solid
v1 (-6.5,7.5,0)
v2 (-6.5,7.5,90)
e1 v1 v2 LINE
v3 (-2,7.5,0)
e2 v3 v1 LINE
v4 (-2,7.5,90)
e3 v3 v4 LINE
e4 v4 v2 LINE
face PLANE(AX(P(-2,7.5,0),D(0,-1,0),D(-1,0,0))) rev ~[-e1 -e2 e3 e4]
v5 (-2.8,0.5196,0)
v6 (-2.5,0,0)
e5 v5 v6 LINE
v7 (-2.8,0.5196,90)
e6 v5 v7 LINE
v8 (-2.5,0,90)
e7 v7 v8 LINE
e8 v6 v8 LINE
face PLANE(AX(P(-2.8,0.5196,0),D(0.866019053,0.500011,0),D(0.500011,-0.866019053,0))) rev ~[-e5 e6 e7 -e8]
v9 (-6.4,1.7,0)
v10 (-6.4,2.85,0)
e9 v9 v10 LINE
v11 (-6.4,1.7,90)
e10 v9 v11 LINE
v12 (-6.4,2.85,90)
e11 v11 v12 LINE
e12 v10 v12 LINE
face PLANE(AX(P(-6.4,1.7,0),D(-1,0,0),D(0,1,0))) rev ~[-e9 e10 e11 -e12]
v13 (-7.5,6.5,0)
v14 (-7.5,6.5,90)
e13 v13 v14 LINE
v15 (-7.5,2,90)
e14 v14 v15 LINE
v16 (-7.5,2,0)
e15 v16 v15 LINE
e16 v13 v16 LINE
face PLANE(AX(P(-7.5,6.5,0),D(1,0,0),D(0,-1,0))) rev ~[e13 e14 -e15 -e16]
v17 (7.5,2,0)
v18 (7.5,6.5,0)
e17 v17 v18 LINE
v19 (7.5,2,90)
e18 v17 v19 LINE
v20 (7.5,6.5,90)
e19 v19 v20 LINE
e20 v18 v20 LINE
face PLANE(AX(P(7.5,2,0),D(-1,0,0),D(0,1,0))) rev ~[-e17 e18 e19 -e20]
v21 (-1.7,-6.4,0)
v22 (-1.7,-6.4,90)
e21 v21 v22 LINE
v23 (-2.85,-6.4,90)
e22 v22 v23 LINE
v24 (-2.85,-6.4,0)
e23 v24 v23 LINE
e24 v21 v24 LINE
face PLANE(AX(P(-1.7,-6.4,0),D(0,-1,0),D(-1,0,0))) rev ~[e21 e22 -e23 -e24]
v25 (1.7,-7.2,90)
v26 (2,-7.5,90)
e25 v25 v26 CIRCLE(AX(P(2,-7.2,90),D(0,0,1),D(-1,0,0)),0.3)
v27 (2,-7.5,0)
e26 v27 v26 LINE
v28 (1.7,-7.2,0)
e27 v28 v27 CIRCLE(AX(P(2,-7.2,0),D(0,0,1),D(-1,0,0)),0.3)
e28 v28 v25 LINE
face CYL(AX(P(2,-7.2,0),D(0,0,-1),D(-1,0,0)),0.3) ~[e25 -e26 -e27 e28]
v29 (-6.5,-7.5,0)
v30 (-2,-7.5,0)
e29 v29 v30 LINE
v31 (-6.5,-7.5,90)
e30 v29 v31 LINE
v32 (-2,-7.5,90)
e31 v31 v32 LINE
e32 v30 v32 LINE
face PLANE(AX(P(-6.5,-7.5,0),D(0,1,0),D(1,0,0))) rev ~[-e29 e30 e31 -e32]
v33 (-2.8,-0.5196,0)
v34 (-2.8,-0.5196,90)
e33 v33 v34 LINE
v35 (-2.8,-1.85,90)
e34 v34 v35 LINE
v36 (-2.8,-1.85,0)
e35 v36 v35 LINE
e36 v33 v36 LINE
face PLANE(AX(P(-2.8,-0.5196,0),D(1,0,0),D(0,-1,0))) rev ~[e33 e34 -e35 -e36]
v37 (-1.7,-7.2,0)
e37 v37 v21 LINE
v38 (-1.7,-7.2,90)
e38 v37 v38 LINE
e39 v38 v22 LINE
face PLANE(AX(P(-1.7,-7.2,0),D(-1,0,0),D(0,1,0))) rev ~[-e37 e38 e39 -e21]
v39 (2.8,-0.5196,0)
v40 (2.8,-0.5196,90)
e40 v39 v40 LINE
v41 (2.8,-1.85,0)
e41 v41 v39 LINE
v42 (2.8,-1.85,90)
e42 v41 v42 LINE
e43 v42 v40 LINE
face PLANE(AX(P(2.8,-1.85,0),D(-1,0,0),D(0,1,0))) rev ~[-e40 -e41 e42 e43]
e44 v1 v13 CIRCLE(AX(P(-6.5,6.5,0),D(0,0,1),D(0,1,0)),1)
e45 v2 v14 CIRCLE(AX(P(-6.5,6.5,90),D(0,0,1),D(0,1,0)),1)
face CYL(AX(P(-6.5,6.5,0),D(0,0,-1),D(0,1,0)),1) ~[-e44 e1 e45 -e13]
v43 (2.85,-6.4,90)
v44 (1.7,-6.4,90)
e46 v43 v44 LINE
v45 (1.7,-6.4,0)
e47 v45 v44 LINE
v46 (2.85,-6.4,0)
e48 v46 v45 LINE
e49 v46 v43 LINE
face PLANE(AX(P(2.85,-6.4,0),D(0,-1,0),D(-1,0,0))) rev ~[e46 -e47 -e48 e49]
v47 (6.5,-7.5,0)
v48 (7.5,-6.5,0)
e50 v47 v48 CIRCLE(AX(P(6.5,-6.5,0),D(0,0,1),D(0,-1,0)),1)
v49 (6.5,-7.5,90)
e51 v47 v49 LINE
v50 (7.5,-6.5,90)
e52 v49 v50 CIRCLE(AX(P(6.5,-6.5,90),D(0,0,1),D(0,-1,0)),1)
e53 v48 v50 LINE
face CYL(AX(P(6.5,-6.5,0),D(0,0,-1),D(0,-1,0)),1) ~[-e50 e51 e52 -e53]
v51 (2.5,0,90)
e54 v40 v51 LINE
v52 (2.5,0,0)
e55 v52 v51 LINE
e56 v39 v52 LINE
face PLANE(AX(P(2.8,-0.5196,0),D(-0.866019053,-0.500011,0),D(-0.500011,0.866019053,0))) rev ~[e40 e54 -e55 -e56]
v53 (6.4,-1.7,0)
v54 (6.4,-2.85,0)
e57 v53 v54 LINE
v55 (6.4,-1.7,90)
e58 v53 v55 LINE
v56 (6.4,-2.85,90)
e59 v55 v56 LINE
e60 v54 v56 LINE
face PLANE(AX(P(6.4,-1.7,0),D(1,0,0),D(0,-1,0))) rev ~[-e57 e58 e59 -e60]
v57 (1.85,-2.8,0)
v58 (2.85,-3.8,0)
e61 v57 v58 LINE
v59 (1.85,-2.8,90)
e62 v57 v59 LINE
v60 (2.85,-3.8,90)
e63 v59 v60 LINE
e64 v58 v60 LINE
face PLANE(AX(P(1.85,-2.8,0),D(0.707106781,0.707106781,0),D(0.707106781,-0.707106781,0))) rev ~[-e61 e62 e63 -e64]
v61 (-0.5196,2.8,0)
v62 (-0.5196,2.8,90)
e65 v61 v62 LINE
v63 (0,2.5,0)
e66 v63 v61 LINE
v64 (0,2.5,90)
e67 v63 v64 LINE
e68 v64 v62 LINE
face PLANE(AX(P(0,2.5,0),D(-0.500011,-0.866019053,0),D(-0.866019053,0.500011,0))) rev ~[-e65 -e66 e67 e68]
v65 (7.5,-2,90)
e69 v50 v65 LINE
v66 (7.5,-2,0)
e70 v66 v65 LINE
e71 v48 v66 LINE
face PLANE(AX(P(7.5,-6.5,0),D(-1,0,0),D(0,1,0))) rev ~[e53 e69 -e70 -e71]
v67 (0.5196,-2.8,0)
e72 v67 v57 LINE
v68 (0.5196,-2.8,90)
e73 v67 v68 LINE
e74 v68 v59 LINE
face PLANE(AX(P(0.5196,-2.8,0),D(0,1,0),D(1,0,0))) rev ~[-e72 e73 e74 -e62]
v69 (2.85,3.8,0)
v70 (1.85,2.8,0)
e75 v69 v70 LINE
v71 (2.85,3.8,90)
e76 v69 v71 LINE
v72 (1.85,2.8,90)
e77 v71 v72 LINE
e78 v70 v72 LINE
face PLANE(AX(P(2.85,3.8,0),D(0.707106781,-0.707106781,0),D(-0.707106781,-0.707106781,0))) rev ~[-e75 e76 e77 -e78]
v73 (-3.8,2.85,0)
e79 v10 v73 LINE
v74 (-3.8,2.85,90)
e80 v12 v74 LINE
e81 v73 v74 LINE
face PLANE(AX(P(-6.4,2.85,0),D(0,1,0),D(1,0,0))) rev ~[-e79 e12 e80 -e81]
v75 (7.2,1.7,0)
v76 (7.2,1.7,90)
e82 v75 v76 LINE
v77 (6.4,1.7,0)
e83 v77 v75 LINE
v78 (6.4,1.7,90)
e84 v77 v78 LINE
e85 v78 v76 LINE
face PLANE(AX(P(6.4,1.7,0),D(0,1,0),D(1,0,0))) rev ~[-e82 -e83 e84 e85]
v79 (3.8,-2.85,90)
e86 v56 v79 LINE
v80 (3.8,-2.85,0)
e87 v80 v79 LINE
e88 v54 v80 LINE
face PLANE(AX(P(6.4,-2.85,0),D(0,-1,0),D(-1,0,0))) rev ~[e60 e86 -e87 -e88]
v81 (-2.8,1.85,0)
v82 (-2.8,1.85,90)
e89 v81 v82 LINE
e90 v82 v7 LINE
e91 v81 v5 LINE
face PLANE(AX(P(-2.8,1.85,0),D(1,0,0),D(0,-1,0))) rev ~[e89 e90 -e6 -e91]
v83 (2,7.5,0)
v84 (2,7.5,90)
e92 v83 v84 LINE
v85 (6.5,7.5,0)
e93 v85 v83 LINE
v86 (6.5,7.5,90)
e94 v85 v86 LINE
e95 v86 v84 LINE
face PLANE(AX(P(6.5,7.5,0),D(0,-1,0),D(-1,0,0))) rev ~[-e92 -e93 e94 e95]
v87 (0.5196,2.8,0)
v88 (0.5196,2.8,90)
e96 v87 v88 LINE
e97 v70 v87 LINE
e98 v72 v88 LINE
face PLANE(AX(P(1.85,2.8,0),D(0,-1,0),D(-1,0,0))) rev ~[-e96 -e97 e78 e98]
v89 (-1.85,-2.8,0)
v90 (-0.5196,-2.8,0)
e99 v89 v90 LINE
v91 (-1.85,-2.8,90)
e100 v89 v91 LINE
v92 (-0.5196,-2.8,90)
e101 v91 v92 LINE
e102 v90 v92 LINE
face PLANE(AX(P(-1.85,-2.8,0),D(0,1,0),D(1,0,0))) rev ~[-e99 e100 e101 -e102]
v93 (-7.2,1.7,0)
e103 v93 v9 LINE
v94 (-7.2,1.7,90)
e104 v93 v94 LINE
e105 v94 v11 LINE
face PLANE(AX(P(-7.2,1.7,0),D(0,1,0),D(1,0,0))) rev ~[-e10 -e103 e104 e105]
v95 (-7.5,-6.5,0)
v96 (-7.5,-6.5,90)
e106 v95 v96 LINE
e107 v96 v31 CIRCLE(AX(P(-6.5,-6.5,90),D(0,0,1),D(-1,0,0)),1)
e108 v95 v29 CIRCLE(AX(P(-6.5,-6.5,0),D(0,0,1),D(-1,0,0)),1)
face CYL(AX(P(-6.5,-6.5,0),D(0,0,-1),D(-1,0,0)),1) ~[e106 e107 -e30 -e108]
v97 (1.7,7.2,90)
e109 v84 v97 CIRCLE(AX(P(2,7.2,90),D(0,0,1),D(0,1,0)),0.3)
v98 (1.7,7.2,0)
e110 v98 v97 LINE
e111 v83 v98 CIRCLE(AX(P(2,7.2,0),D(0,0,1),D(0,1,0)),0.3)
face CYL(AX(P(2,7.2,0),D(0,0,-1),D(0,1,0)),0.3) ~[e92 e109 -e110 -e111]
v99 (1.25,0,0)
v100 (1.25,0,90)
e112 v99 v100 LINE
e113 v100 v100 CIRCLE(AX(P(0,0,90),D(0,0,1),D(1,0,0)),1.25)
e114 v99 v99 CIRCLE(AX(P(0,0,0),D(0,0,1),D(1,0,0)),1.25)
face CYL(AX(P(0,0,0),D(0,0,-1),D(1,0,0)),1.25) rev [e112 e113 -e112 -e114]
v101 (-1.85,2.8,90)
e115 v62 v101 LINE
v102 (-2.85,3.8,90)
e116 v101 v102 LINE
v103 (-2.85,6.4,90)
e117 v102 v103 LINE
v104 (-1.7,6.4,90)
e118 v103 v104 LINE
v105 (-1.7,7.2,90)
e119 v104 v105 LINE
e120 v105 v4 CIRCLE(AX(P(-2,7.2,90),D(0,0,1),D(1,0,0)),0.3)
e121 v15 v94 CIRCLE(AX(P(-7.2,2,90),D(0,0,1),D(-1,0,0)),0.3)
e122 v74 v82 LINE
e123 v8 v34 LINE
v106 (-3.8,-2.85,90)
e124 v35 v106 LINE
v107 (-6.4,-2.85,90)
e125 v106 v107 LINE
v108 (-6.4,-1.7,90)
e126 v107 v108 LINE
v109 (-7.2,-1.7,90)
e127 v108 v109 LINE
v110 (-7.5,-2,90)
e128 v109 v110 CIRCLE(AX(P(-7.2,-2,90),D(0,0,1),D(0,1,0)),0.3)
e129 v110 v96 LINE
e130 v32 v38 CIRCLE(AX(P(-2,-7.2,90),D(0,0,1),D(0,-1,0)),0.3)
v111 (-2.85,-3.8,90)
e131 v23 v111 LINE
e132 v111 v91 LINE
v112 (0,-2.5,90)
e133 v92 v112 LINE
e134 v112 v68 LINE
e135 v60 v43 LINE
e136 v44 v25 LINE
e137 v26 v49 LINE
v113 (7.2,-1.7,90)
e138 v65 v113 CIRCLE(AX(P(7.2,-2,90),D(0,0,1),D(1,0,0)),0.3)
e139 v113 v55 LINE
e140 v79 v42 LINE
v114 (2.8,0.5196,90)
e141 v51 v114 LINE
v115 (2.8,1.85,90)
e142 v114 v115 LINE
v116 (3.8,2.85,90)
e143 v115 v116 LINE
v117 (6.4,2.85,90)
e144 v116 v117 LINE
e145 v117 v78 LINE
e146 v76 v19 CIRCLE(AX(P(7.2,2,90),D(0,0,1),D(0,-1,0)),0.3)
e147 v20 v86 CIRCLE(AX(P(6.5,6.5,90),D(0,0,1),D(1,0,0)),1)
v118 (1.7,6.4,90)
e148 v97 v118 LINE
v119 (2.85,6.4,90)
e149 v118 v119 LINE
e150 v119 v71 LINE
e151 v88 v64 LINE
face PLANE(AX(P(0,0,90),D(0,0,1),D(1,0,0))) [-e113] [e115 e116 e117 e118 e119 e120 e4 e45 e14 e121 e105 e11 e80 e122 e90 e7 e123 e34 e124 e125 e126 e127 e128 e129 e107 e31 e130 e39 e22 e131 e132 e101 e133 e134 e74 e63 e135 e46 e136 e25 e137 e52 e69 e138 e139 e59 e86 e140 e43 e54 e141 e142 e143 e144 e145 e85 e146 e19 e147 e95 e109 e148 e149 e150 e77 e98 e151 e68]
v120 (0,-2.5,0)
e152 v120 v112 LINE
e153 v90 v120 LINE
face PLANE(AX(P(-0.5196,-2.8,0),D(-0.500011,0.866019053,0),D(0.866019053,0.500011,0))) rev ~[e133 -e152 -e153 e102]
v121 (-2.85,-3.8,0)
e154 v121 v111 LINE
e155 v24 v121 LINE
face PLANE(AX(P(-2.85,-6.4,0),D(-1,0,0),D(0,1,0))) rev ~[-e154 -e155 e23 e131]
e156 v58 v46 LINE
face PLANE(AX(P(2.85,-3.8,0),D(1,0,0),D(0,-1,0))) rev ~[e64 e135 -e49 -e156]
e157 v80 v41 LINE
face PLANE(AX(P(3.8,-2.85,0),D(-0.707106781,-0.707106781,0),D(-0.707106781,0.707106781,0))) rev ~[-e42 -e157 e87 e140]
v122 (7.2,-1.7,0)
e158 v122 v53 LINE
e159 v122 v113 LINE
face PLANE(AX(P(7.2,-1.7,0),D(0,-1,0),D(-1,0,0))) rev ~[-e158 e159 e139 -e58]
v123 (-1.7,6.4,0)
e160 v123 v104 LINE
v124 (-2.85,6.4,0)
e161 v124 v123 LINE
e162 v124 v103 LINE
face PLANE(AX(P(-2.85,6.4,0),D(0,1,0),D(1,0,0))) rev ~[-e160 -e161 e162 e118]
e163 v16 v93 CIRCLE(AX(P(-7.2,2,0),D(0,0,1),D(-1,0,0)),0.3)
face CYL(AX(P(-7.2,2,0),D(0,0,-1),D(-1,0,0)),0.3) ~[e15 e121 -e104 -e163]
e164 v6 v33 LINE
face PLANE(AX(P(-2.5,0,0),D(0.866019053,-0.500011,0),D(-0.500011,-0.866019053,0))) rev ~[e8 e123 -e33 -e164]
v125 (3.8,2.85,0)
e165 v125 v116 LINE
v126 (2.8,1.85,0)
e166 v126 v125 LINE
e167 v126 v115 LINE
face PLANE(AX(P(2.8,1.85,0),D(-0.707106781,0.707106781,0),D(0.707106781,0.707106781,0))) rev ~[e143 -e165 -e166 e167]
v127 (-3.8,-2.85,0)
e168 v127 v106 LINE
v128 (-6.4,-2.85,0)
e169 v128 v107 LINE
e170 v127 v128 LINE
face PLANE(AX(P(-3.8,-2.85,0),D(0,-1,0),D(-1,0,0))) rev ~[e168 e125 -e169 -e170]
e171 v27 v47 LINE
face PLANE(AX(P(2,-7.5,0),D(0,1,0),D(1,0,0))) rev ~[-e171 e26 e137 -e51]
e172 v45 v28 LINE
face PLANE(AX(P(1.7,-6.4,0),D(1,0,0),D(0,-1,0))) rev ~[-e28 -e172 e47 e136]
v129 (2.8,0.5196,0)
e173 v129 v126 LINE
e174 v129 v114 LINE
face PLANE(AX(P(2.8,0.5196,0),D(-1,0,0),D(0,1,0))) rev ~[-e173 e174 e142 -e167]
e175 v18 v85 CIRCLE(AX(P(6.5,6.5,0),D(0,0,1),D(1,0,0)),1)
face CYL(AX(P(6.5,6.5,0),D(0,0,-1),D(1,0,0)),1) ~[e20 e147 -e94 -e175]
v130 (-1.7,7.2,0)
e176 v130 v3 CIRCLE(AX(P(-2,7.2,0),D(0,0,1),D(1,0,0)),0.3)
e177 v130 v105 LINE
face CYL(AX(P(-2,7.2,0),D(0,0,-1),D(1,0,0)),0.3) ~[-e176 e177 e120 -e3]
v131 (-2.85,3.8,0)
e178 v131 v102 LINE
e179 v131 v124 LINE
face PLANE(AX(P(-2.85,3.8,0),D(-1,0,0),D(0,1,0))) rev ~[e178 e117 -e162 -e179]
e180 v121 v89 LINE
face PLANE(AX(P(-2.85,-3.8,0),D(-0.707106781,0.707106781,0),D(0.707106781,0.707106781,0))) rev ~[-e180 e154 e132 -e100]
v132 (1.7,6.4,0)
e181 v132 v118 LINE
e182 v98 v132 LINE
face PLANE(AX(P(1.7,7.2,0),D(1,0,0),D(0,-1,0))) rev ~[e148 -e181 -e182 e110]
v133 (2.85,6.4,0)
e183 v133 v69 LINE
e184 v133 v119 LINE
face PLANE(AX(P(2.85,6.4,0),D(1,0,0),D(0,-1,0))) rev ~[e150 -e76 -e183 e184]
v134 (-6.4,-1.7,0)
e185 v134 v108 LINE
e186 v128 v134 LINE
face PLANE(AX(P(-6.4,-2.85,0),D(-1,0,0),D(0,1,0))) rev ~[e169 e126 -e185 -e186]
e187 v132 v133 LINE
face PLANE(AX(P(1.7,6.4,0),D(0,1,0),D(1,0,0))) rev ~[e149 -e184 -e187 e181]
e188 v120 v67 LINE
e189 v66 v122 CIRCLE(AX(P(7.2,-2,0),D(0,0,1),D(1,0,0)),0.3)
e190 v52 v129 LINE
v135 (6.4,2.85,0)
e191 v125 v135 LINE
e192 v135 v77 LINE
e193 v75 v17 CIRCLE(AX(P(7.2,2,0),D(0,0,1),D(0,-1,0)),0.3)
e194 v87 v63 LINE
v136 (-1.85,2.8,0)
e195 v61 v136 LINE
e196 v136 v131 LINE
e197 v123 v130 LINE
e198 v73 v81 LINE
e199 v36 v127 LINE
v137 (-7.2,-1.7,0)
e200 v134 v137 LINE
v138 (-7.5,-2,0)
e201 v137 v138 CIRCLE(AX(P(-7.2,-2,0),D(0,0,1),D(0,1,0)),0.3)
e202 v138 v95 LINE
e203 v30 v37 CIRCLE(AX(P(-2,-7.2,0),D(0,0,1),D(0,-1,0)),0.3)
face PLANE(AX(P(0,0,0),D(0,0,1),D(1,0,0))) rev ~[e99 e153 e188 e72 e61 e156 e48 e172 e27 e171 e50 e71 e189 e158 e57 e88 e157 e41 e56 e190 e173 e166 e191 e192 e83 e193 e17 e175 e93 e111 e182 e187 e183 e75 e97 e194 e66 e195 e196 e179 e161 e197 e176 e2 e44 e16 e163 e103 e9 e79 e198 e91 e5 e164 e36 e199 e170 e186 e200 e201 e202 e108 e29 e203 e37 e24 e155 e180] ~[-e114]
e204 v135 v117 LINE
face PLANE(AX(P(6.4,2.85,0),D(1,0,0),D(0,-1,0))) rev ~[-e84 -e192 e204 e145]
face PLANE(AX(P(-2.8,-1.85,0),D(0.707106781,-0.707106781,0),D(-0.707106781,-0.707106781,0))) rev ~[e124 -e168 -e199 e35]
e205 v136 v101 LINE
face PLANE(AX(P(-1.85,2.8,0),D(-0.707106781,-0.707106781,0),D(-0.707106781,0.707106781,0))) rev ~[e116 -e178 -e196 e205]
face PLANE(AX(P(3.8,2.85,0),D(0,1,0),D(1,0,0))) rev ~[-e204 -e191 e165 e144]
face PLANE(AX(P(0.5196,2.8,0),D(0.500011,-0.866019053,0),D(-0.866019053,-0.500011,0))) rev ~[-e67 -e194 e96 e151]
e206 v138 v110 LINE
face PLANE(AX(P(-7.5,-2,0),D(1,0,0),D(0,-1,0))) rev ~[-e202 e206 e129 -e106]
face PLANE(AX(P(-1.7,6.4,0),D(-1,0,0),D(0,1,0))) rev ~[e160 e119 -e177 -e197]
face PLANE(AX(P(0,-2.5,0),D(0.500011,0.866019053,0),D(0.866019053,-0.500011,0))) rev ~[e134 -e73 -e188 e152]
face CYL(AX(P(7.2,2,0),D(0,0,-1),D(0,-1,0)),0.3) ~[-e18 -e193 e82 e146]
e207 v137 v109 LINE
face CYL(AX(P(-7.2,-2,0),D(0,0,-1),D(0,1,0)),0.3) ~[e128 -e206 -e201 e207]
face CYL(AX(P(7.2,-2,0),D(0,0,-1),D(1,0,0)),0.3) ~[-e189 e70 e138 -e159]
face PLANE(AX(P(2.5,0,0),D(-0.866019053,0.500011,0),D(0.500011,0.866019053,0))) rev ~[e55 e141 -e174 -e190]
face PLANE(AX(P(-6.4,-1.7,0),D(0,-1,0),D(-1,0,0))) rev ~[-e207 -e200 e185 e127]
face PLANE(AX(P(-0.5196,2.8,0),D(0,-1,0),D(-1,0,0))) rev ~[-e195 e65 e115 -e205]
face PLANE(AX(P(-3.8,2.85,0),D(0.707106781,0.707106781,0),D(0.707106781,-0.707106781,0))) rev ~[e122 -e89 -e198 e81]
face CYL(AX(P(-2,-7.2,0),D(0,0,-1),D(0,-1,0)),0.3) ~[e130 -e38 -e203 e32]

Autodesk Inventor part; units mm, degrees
ref_plane "YZ Plane" through (0, 0, 0) normal (1, 0, 0) x (0, 1, 0)
ref_plane "XZ Plane" through (0, 0, 0) normal (0, 1, 0) x (-1, 0, 0)
ref_plane "XY Plane" through (0, 0, 0) normal (0, 0, 1) x (1, 0, 0)
sketch "Sketch_1" plane through (0, 0, 0) normal (0, 0, 1) x (1, 0, 0)
  line L0 (-7.5, 6.5) -> (-7.5, 2)
  arc A0 (-7.5, 2) -> (-7.2, 1.7) centre (-7.2, 2) ccw
  line L1 (-7.2, 1.7) -> (-6.4, 1.7)
  line L2 (-6.4, 1.7) -> (-6.4, 2.85)
  line L3 (-6.4, 2.85) -> (-3.8, 2.85)
  line L4 (-3.8, 2.85) -> (-2.8, 1.85)
  line L5 (-2.8, 1.85) -> (-2.8, 0.5196)
  line L6 (-2.8, 0.5196) -> (-2.5, 0)
  line L7 (-2.5, 0) -> (-2.8, -0.5196)
  line L8 (-2.8, -0.5196) -> (-2.8, -1.85)
  line L9 (-2.8, -1.85) -> (-3.8, -2.85)
  line L10 (-3.8, -2.85) -> (-6.4, -2.85)
  line L11 (-6.4, -2.85) -> (-6.4, -1.7)
  line L12 (-6.4, -1.7) -> (-7.2, -1.7)
  arc A1 (-7.2, -1.7) -> (-7.5, -2) centre (-7.2, -2) ccw
  line L13 (-7.5, -2) -> (-7.5, -6.5)
  arc A2 (-7.5, -6.5) -> (-6.5, -7.5) centre (-6.5, -6.5) ccw
  line L14 (-6.5, -7.5) -> (-2, -7.5)
  arc A3 (-2, -7.5) -> (-1.7, -7.2) centre (-2, -7.2) ccw
  line L15 (-1.7, -7.2) -> (-1.7, -6.4)
  line L16 (-1.7, -6.4) -> (-2.85, -6.4)
  line L17 (-2.85, -6.4) -> (-2.85, -3.8)
  line L18 (-2.85, -3.8) -> (-1.85, -2.8)
  line L19 (-1.85, -2.8) -> (-0.5196, -2.8)
  line L20 (-0.5196, -2.8) -> (0, -2.5)
  line L21 (0, -2.5) -> (0.5196, -2.8)
  line L22 (0.5196, -2.8) -> (1.85, -2.8)
  line L23 (1.85, -2.8) -> (2.85, -3.8)
  line L24 (2.85, -3.8) -> (2.85, -6.4)
  line L25 (2.85, -6.4) -> (1.7, -6.4)
  line L26 (1.7, -6.4) -> (1.7, -7.2)
  arc A4 (1.7, -7.2) -> (2, -7.5) centre (2, -7.2) ccw
  line L27 (2, -7.5) -> (6.5, -7.5)
  arc A5 (6.5, -7.5) -> (7.5, -6.5) centre (6.5, -6.5) ccw
  line L28 (7.5, -6.5) -> (7.5, -2)
  arc A6 (7.5, -2) -> (7.2, -1.7) centre (7.2, -2) ccw
  line L29 (7.2, -1.7) -> (6.4, -1.7)
  line L30 (6.4, -1.7) -> (6.4, -2.85)
  line L31 (6.4, -2.85) -> (3.8, -2.85)
  line L32 (3.8, -2.85) -> (2.8, -1.85)
  line L33 (2.8, -1.85) -> (2.8, -0.5196)
  line L34 (2.8, -0.5196) -> (2.5, 0)
  line L35 (2.5, 0) -> (2.8, 0.5196)
  line L36 (2.8, 0.5196) -> (2.8, 1.85)
  line L37 (2.8, 1.85) -> (3.8, 2.85)
  line L38 (3.8, 2.85) -> (6.4, 2.85)
  line L39 (6.4, 2.85) -> (6.4, 1.7)
  line L40 (6.4, 1.7) -> (7.2, 1.7)
  arc A7 (7.2, 1.7) -> (7.5, 2) centre (7.2, 2) ccw
  line L41 (7.5, 2) -> (7.5, 6.5)
  arc A8 (7.5, 6.5) -> (6.5, 7.5) centre (6.5, 6.5) ccw
  line L42 (6.5, 7.5) -> (2, 7.5)
  arc A9 (2, 7.5) -> (1.7, 7.2) centre (2, 7.2) ccw
  line L43 (1.7, 7.2) -> (1.7, 6.4)
  line L44 (1.7, 6.4) -> (2.85, 6.4)
  line L45 (2.85, 6.4) -> (2.85, 3.8)
  line L46 (2.85, 3.8) -> (1.85, 2.8)
  line L47 (1.85, 2.8) -> (0.5196, 2.8)
  line L48 (0.5196, 2.8) -> (0, 2.5)
  line L49 (0, 2.5) -> (-0.5196, 2.8)
  line L50 (-0.5196, 2.8) -> (-1.85, 2.8)
  line L51 (-1.85, 2.8) -> (-2.85, 3.8)
  line L52 (-2.85, 3.8) -> (-2.85, 6.4)
  line L53 (-2.85, 6.4) -> (-1.7, 6.4)
  line L54 (-1.7, 6.4) -> (-1.7, 7.2)
  arc A10 (-1.7, 7.2) -> (-2, 7.5) centre (-2, 7.2) ccw
  line L55 (-2, 7.5) -> (-6.5, 7.5)
  arc A11 (-6.5, 7.5) -> (-7.5, 6.5) centre (-6.5, 6.5) ccw
  circle A12 centre (0, 0) radius 1.25
extrude "Extrusion1" add sketch "Sketch_1" along normal blind 90
properties part number "HFS3-1515-90"
